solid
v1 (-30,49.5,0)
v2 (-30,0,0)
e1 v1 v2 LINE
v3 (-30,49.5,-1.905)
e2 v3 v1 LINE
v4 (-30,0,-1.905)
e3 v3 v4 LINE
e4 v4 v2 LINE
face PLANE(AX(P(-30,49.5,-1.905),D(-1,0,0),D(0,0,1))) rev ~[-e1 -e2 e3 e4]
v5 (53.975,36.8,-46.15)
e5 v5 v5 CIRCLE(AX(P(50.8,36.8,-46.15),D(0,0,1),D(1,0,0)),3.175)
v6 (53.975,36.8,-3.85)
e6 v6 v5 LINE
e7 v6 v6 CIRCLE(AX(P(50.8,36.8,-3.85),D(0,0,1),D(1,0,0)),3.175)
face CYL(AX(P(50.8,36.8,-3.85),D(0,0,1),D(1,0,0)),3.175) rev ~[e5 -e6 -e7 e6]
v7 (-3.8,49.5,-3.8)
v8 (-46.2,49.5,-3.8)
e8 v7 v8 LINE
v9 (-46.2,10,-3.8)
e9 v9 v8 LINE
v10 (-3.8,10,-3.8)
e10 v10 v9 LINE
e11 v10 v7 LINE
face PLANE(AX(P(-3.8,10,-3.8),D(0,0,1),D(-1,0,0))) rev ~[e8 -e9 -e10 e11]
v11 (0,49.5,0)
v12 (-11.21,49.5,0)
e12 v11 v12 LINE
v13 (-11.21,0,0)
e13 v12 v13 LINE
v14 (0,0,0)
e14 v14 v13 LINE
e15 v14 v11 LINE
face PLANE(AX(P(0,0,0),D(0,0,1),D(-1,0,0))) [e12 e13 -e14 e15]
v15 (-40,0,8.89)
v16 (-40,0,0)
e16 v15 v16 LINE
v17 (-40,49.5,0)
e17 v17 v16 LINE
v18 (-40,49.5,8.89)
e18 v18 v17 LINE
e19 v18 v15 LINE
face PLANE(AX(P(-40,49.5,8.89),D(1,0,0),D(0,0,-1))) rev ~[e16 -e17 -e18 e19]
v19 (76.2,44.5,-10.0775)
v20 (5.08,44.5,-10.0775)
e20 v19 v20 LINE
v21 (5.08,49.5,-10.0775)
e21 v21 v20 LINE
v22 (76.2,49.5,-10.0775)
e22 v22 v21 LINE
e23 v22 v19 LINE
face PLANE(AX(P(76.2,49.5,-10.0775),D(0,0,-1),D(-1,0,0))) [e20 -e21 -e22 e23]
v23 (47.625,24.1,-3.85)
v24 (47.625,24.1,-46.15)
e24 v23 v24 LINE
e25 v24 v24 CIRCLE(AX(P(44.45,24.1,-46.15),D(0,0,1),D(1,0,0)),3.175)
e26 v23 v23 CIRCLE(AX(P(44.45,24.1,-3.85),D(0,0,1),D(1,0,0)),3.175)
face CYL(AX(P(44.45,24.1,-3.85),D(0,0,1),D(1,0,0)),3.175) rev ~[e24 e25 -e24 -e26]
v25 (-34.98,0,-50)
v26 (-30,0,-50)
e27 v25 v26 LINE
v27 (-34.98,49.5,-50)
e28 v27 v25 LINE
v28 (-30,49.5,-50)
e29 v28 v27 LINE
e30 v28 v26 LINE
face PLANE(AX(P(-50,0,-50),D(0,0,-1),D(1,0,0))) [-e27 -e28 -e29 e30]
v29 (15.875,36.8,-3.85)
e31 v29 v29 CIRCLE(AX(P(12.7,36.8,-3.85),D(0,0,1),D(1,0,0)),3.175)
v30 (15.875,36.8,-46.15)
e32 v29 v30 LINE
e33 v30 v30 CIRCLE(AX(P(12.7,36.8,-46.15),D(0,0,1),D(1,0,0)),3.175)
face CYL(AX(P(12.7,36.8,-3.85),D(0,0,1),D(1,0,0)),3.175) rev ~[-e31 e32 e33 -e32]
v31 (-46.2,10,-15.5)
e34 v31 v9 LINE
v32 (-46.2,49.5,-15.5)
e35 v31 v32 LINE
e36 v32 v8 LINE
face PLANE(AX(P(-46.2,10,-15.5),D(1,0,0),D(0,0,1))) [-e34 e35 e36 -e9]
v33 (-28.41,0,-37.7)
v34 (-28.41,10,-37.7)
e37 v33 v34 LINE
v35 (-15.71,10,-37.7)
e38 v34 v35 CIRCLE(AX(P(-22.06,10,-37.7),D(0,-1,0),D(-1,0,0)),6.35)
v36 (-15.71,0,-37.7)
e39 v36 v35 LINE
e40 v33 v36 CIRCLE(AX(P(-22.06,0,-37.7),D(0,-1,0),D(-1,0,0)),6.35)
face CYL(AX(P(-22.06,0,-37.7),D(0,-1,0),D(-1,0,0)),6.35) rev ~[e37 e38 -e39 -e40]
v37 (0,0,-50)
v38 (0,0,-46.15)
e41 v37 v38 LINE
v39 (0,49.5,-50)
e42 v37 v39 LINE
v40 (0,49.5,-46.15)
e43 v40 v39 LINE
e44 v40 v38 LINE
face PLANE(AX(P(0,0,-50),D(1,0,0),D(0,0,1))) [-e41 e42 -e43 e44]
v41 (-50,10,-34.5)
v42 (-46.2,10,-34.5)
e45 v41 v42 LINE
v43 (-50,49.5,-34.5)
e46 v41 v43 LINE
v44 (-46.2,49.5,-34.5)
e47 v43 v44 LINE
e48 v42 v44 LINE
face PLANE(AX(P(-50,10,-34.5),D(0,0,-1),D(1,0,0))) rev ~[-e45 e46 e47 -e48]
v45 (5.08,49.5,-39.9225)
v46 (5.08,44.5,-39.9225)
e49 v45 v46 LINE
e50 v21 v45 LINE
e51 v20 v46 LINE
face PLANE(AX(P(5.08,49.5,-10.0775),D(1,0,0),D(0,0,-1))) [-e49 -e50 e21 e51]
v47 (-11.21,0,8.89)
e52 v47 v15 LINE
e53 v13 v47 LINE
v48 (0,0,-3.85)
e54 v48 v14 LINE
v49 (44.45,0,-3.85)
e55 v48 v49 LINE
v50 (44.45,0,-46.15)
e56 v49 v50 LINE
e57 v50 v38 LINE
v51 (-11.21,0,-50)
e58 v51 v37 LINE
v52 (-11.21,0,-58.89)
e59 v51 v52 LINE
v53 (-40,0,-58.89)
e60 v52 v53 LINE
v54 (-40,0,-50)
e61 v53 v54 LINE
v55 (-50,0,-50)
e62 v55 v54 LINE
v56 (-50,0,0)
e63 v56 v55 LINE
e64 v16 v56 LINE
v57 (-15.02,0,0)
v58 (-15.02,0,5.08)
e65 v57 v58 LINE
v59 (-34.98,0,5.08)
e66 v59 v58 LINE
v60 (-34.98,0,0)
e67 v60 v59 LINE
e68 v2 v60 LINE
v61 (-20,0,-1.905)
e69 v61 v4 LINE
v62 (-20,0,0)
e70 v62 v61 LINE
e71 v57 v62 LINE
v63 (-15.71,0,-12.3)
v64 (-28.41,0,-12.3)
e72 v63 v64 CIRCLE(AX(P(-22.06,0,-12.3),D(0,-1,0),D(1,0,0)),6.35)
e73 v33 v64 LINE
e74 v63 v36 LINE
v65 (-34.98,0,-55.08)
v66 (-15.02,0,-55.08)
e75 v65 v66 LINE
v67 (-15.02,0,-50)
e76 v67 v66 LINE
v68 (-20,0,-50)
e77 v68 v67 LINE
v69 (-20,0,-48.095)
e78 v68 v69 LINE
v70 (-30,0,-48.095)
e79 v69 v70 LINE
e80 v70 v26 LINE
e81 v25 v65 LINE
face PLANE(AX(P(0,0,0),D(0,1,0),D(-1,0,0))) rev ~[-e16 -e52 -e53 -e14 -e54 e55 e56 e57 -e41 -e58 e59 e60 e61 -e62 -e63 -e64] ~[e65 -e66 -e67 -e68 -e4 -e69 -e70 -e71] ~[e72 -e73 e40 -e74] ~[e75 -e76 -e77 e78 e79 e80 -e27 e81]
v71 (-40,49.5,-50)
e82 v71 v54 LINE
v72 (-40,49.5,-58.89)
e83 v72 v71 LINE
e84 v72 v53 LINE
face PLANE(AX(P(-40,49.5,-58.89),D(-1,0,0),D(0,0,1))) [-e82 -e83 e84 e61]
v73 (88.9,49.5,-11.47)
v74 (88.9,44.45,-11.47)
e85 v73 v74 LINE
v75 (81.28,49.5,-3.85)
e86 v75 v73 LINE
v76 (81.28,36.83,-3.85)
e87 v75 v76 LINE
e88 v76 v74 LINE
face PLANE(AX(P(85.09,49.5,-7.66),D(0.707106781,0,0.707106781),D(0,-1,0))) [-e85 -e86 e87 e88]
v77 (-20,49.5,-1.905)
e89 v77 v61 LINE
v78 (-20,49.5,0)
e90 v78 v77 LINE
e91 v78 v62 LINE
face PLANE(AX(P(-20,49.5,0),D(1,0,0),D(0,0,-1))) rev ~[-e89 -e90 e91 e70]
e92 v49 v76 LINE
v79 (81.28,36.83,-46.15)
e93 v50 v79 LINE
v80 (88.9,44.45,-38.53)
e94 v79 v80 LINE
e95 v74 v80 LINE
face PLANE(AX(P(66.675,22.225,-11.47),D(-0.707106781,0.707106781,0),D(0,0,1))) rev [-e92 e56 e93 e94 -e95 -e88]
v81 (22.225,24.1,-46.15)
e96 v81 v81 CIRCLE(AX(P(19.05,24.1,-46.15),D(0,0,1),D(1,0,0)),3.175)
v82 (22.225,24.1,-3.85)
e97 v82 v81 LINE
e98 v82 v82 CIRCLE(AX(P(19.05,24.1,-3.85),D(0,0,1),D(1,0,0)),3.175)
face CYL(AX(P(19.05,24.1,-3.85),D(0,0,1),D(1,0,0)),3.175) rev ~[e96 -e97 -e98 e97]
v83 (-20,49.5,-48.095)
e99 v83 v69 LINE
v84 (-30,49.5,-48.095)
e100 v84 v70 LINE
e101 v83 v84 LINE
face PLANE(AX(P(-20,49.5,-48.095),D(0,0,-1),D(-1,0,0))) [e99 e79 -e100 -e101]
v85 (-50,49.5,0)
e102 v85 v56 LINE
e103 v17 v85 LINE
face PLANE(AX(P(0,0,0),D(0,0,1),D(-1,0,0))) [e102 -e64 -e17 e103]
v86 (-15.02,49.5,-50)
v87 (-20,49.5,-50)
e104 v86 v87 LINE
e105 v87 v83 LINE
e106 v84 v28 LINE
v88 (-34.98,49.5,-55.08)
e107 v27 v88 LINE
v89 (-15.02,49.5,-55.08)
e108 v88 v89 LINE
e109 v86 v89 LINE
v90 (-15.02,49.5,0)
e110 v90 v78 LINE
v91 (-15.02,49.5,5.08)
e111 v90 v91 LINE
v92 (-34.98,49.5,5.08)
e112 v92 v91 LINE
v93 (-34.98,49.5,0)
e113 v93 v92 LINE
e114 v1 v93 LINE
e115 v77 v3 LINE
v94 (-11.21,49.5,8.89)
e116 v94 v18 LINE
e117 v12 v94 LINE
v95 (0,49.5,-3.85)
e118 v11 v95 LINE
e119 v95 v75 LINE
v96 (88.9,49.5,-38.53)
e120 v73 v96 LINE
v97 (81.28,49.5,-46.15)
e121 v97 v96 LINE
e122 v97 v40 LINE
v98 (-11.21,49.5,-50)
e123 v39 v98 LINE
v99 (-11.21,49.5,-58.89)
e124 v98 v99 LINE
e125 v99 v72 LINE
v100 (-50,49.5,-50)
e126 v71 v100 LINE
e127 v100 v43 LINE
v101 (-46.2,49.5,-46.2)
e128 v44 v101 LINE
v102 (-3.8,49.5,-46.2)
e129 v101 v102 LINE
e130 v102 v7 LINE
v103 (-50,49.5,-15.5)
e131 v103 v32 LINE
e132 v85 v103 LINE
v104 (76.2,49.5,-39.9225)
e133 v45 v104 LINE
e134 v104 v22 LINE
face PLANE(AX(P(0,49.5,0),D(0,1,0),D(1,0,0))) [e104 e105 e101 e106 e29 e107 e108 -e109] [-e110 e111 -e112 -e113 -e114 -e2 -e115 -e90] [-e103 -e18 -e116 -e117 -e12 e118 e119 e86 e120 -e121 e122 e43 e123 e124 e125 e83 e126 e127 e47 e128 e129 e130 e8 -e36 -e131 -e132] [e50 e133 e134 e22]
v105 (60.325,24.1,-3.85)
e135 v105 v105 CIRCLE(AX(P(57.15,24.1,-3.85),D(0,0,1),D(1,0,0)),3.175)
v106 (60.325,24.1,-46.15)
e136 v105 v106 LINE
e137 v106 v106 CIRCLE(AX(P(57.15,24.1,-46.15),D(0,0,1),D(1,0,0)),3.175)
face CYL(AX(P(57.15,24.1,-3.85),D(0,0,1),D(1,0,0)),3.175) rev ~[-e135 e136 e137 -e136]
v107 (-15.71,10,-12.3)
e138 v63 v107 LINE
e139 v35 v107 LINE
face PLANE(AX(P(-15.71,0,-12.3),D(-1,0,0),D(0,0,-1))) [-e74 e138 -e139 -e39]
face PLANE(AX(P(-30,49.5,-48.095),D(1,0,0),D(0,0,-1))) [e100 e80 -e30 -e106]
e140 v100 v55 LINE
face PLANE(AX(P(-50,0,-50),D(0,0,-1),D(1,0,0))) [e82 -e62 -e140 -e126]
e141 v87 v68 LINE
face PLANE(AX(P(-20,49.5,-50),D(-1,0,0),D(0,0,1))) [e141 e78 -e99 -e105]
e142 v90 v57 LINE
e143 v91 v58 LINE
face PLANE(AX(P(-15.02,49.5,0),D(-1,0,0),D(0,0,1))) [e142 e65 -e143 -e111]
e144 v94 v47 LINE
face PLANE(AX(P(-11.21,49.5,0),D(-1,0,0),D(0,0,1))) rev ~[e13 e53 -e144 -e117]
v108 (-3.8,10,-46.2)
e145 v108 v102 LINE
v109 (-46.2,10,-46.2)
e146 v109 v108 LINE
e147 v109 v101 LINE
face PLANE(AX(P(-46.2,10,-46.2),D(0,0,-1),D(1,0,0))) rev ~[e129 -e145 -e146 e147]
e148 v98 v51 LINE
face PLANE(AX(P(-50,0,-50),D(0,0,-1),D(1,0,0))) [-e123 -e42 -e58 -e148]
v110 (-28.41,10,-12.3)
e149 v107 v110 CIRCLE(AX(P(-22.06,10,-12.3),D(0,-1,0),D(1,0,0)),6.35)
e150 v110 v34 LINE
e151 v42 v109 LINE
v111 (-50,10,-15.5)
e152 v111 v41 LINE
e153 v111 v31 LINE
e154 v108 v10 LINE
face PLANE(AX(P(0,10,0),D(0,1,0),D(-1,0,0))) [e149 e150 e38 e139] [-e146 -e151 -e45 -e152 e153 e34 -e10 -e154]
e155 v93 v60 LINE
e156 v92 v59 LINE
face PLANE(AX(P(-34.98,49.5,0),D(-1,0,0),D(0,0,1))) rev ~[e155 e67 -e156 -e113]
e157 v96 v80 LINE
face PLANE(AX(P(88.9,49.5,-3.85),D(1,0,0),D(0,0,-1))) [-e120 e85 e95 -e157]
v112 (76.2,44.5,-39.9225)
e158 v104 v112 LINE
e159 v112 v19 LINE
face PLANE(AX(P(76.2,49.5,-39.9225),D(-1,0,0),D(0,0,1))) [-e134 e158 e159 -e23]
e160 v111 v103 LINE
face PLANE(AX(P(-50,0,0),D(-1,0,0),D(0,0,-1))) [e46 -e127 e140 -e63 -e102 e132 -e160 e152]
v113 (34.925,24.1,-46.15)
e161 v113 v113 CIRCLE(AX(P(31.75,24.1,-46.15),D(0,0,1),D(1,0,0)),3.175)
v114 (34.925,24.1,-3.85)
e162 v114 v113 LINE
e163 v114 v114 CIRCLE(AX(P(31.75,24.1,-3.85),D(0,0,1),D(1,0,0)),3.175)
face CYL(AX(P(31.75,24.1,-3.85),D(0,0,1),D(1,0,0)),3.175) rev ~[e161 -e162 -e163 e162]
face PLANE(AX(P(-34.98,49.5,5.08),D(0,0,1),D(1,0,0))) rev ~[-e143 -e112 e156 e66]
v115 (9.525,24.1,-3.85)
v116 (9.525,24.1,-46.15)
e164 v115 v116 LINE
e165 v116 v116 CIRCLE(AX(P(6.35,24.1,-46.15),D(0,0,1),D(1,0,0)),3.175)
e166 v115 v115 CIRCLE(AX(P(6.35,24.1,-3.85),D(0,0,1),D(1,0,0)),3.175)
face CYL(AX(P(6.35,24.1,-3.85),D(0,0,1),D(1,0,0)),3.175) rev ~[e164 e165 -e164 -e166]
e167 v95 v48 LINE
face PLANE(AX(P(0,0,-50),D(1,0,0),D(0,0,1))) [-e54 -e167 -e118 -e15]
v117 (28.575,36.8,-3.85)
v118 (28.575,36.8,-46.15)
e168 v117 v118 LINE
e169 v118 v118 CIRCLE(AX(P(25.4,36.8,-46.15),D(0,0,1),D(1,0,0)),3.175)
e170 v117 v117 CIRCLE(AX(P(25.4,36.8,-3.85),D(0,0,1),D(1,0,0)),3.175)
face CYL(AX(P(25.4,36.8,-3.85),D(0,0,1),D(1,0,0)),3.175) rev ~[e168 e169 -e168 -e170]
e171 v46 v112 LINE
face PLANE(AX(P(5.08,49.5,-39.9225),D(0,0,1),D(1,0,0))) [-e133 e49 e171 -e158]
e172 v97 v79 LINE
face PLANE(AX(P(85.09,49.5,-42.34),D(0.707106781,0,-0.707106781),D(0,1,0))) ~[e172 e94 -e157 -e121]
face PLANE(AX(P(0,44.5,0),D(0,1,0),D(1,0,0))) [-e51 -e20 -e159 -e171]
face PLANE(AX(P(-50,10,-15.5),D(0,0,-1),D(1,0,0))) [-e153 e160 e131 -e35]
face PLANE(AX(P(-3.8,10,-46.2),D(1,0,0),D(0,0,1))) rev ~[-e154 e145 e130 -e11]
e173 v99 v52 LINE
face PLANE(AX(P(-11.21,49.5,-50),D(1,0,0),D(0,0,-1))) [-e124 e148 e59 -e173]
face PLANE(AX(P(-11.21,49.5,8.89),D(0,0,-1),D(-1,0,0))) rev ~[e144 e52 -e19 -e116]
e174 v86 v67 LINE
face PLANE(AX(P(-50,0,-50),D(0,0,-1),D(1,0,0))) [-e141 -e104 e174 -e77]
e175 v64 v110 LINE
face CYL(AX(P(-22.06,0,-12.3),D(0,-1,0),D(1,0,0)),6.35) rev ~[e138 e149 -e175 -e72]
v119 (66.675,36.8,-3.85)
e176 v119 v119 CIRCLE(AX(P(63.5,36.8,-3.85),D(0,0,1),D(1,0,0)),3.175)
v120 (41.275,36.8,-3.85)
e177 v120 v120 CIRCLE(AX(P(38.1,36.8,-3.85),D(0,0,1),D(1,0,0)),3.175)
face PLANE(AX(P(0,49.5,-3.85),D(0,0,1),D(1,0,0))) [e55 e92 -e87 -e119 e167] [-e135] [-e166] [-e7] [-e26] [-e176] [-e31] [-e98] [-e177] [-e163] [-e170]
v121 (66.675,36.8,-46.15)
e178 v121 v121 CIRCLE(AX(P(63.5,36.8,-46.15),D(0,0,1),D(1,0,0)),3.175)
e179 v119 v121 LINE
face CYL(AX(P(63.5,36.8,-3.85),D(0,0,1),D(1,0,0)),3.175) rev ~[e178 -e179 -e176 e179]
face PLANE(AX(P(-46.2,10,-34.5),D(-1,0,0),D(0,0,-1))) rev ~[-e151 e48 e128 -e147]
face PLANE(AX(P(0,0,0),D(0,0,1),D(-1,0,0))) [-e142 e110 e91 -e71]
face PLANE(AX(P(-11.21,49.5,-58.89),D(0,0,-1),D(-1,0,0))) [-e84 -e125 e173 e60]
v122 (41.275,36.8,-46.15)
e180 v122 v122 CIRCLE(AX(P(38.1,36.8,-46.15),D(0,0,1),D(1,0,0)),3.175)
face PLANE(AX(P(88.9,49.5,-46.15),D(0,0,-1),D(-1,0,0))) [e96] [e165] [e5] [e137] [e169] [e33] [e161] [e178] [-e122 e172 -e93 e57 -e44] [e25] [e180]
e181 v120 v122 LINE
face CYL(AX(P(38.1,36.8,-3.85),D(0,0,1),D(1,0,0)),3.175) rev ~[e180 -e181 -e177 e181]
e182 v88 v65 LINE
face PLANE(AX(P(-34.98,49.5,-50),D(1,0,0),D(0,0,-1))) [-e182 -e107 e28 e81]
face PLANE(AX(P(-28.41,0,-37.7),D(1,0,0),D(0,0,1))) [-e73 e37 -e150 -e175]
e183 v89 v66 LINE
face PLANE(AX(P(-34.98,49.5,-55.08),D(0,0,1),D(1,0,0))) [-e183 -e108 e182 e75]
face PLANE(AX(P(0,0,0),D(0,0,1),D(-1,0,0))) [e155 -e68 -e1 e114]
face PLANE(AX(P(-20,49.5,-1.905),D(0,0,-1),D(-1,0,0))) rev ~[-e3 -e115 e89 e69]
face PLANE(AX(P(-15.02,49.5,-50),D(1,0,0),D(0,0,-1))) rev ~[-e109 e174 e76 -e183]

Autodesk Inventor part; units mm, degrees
ref_plane "YZ Plane" through (0, 0, 0) normal (1, 0, 0) x (0, 1, 0)
ref_plane "XZ Plane" through (0, 0, 0) normal (0, 1, 0) x (-1, 0, 0)
ref_plane "XY Plane" through (0, 0, 0) normal (0, 0, 1) x (1, 0, 0)
sketch "Sketch1" plane through (0, 0, 0) normal (0, 1, 0) x (-1, 0, 0)
  line L0 (0, 0) -> (50, 0)
  line L1 (50, 0) -> (50, -50)
  line L2 (50, -50) -> (0, -50)
  line L3 (0, -50) -> (0, 0)
  dimension "d0" = 50
extrude "Extrusion1" add sketch "Sketch1" along normal blind 10
sketch "Sketch2" plane through (0, 10, 0) normal (0, 1, 0) x (1, 0, 0)
  line L0 (0, 50) -> (-50, 50) construction
  line L1 (-50, 0) -> (0, 0) construction
  line L2 (0, 0) -> (0, 50) construction
  line L3 (-46.2, 46.2) -> (-3.8, 46.2)
  line L4 (-3.8, 46.2) -> (-3.8, 3.8)
  line L5 (-3.8, 3.8) -> (-46.2, 3.8)
  line L6 (0, 0) -> (-50, 0)
  line L7 (0, 0) -> (0, 50)
  line L8 (0, 50) -> (-50, 50)
  line L9 (-50, 50) -> (-50, 0) construction
  line L10 (-46.2, 34.5) -> (-46.2, 15.5)
  line L11 (-50, 50) -> (-50, 34.5)
  line L12 (-50, 34.5) -> (-46.2, 34.5)
  line L13 (-46.2, 34.5) -> (-46.2, 46.2)
  line L14 (-46.2, 0) -> (-50, 0)
  line L15 (-50, 0) -> (-50, 15.5)
  line L16 (-50, 15.5) -> (-46.2, 15.5)
  line L17 (-46.2, 15.5) -> (-46.2, 3.8)
  point P0 (0, 25)
  point P1 (-3.8, 25)
  point P2 (-25, 46.2)
  point P3 (-25, 50)
  point P4 (-46.2, 50)
  point P5 (-46.2, 25)
  dimension "d6" = 42.4
  dimension "d7" = 42.4
  dimension "d10" = 19
  dimension "d11" = 3.8
extrude "Extrusion2" add sketch "Sketch2" along normal blind 39.5 contours L13 L12 L11 L8 L7 L6 L15 L16 L17 L5 L4 L3
sketch "Sketch3" plane through (0, 49.5, 0) normal (0, 1, 0) x (1, 0, 0)
  line L0 (0, 0) -> (0, 50) construction
  line L1 (0, 50) -> (-50, 50) construction
  line L2 (-46.2, 46.2) -> (-3.8, 46.2) construction
  line L3 (-20, 50) -> (-20, 48.095)
  line L4 (-20, 48.095) -> (-30, 48.095)
  line L5 (-30, 48.095) -> (-30, 50)
  line L6 (-30, 50) -> (-20, 50)
  line L7 (0, 25) -> (-50, 25)
  line L8 (-50, 34.5) -> (-50, 15.5) construction
  line L9 (0, 0) -> (-50, 0) construction
  line L10 (-46.2, 3.8) -> (-3.8, 3.8) construction
  line L11 (-20, 0) -> (-20, 1.905)
  line L12 (-20, 1.905) -> (-30, 1.905)
  line L13 (-30, 1.905) -> (-30, 0)
  line L14 (-30, 0) -> (-20, 0)
  point P0 (-25, 48.095)
  point P1 (-25, 50)
  point P2 (-25, 1.905)
  point P3 (-25, 0)
  dimension "d12" = 1.905
  dimension "d13" = 10
extrude "Extrusion3" cut sketch "Sketch3" against normal through all
sketch "Sketch4" plane through (0, 49.5, 0) normal (0, 1, 0) x (1, 0, 0)
  line L0 (-3.8, 46.2) -> (-3.8, 3.8) construction
  line L1 (0, 0) -> (0, 50) construction
  line L2 (0, 3.85) -> (88.9, 3.85)
  line L3 (88.9, 3.85) -> (88.9, 46.15)
  line L4 (88.9, 46.15) -> (0, 46.15)
  line L5 (0, 3.85) -> (0, 46.15)
  point P0 (-3.8, 25)
  point P1 (88.9, 25)
  dimension "d16" = 88.9
  dimension "d17" = 42.3
extrude "Extrusion4" add sketch "Sketch4" against normal blind 49.5
chamfer "Chamfer1" distance 7.62 angle 45 2 edges at (88.9, 24.75, -3.85) (88.9, 24.75, -46.15)
chamfer "Chamfer2" distance 44.45 angle 45 1 edges at (88.9, 0, -25)
sketch "Sketch5" plane through (0, 0, -3.85) normal (0, 0, 1) x (1, 0, 0)
  line L0 (0, 49.5) -> (81.28, 49.5) construction
  line L1 (0, 0) -> (0, 49.5) construction
  circle A0 centre (12.7, 36.8) radius 3.175
  circle A1 centre (25.4, 36.8) radius 3.175
  circle A2 centre (38.1, 36.8) radius 3.175
  circle A3 centre (50.8, 36.8) radius 3.175
  circle A4 centre (63.5, 36.8) radius 3.175
  circle A5 centre (6.35, 24.1) radius 3.175
  circle A6 centre (19.05, 24.1) radius 3.175
  circle A7 centre (31.75, 24.1) radius 3.175
  circle A8 centre (44.45, 24.1) radius 3.175
  circle A9 centre (57.15, 24.1) radius 3.175
  dimension "d26" = 6.35
  dimension "d27" = 12.7
  dimension "d28" = 12.7
  dimension "d29" = 12.7
  dimension "d30" = 12.7
  dimension "d31" = 12.7
  dimension "d32" = 12.7
  dimension "d33" = 6.35
  dimension "d34" = 12.7
  dimension "d35" = 12.7
  dimension "d36" = 12.7
  dimension "d37" = 12.7
  dimension "d38" = 12.7
  dimension "d39" = 6.35
extrude "Extrusion5" cut sketch "Sketch5" against normal through all
sketch "Sketch6" plane through (0, 49.5, 0) normal (0, 1, 0) x (1, 0, 0)
  line L0 (88.9, 11.47) -> (88.9, 38.53) construction
  line L1 (76.2, 10.0775) -> (5.08, 10.0775)
  line L2 (5.08, 10.0775) -> (5.08, 39.9225)
  line L3 (5.08, 39.9225) -> (76.2, 39.9225)
  line L4 (76.2, 39.9225) -> (76.2, 10.0775)
  point P0 (76.2, 25)
  point P1 (88.9, 25)
  dimension "d42" = 71.12
  dimension "d43" = 29.845
  dimension "d44" = 12.7
extrude "Extrusion6" cut sketch "Sketch6" against normal blind 5
sketch "Sketch7" plane through (0, 49.5, 0) normal (0, 1, 0) x (1, 0, 0)
  line L0 (-20, 50) -> (-20, 48.095) construction
  line L1 (-30, 48.095) -> (-30, 50) construction
  line L2 (-30, 50) -> (-50, 50) construction
  line L3 (-3.8, 46.2) -> (-3.8, 3.8) construction
  line L4 (-50, 0) -> (-30, 0) construction
  line L5 (-30, 0) -> (-30, 1.905) construction
  line L6 (-30, 1.905) -> (-20, 1.905) construction
  line L7 (-20, 0) -> (0, 0) construction
  line L8 (-34.98, -5.08) -> (-15.02, -5.08)
  line L9 (-34.98, 0) -> (-34.98, -5.08)
  line L10 (-15.02, 0) -> (-15.02, -5.08)
  line L11 (-11.21, 0) -> (-11.21, -8.89)
  line L12 (-11.21, -8.89) -> (-40, -8.89)
  line L13 (-40, -8.89) -> (-40, 0)
  line L14 (-50, 34.5) -> (-50, 15.5) construction
  line L15 (-50, 25) -> (-3.8, 25)
  line L16 (-15.02, 50) -> (-15.02, 55.08)
  line L17 (-34.98, 55.08) -> (-15.02, 55.08)
  line L18 (-34.98, 50) -> (-34.98, 55.08)
  line L19 (-11.21, 50) -> (-11.21, 58.89)
  line L20 (-11.21, 58.89) -> (-40, 58.89)
  line L21 (-40, 58.89) -> (-40, 50)
  line L22 (-50, 0) -> (-30, 0) construction
  line L23 (-40, 0) -> (-34.98, 0)
  line L24 (-15.02, 0) -> (-11.21, 0)
  line L25 (-11.21, 50) -> (-15.02, 50)
  line L26 (-34.98, 50) -> (-40, 50)
  point P0 (-25, 1.905)
  point P1 (-25, -5.08)
  point P2 (-25, 55.08)
  dimension "d49" = 5.08
  dimension "d50" = 19.96
  dimension "d52" = 3.81
  dimension "d53" = 3.81
extrude "Extrusion7" add sketch "Sketch7" against normal blind 49.5
sketch "Sketch8" plane through (0, 0, 0) normal (0, -1, 0) x (1, 0, 0)
  line L0 (-50, -50) -> (-50, 0) construction
  line L1 (-22.06, -37.7) -> (-22.06, -12.3) construction
  line L2 (-28.41, -37.7) -> (-28.41, -12.3)
  line L3 (-15.71, -12.3) -> (-15.71, -37.7)
  arc A0 (-28.41, -37.7) -> (-15.71, -37.7) centre (-22.06, -37.7) ccw
  arc A1 (-15.71, -12.3) -> (-28.41, -12.3) centre (-22.06, -12.3) ccw
  point P0 (-22.06, -25)
  point P1 (-50, -25)
  dimension "d56" = 12.7
  dimension "d57" = 21.59
  dimension "d58" = 25.4
extrude "Extrusion8" cut sketch "Sketch8" against normal blind 25.4
properties part number "StepperMotorHolder"
